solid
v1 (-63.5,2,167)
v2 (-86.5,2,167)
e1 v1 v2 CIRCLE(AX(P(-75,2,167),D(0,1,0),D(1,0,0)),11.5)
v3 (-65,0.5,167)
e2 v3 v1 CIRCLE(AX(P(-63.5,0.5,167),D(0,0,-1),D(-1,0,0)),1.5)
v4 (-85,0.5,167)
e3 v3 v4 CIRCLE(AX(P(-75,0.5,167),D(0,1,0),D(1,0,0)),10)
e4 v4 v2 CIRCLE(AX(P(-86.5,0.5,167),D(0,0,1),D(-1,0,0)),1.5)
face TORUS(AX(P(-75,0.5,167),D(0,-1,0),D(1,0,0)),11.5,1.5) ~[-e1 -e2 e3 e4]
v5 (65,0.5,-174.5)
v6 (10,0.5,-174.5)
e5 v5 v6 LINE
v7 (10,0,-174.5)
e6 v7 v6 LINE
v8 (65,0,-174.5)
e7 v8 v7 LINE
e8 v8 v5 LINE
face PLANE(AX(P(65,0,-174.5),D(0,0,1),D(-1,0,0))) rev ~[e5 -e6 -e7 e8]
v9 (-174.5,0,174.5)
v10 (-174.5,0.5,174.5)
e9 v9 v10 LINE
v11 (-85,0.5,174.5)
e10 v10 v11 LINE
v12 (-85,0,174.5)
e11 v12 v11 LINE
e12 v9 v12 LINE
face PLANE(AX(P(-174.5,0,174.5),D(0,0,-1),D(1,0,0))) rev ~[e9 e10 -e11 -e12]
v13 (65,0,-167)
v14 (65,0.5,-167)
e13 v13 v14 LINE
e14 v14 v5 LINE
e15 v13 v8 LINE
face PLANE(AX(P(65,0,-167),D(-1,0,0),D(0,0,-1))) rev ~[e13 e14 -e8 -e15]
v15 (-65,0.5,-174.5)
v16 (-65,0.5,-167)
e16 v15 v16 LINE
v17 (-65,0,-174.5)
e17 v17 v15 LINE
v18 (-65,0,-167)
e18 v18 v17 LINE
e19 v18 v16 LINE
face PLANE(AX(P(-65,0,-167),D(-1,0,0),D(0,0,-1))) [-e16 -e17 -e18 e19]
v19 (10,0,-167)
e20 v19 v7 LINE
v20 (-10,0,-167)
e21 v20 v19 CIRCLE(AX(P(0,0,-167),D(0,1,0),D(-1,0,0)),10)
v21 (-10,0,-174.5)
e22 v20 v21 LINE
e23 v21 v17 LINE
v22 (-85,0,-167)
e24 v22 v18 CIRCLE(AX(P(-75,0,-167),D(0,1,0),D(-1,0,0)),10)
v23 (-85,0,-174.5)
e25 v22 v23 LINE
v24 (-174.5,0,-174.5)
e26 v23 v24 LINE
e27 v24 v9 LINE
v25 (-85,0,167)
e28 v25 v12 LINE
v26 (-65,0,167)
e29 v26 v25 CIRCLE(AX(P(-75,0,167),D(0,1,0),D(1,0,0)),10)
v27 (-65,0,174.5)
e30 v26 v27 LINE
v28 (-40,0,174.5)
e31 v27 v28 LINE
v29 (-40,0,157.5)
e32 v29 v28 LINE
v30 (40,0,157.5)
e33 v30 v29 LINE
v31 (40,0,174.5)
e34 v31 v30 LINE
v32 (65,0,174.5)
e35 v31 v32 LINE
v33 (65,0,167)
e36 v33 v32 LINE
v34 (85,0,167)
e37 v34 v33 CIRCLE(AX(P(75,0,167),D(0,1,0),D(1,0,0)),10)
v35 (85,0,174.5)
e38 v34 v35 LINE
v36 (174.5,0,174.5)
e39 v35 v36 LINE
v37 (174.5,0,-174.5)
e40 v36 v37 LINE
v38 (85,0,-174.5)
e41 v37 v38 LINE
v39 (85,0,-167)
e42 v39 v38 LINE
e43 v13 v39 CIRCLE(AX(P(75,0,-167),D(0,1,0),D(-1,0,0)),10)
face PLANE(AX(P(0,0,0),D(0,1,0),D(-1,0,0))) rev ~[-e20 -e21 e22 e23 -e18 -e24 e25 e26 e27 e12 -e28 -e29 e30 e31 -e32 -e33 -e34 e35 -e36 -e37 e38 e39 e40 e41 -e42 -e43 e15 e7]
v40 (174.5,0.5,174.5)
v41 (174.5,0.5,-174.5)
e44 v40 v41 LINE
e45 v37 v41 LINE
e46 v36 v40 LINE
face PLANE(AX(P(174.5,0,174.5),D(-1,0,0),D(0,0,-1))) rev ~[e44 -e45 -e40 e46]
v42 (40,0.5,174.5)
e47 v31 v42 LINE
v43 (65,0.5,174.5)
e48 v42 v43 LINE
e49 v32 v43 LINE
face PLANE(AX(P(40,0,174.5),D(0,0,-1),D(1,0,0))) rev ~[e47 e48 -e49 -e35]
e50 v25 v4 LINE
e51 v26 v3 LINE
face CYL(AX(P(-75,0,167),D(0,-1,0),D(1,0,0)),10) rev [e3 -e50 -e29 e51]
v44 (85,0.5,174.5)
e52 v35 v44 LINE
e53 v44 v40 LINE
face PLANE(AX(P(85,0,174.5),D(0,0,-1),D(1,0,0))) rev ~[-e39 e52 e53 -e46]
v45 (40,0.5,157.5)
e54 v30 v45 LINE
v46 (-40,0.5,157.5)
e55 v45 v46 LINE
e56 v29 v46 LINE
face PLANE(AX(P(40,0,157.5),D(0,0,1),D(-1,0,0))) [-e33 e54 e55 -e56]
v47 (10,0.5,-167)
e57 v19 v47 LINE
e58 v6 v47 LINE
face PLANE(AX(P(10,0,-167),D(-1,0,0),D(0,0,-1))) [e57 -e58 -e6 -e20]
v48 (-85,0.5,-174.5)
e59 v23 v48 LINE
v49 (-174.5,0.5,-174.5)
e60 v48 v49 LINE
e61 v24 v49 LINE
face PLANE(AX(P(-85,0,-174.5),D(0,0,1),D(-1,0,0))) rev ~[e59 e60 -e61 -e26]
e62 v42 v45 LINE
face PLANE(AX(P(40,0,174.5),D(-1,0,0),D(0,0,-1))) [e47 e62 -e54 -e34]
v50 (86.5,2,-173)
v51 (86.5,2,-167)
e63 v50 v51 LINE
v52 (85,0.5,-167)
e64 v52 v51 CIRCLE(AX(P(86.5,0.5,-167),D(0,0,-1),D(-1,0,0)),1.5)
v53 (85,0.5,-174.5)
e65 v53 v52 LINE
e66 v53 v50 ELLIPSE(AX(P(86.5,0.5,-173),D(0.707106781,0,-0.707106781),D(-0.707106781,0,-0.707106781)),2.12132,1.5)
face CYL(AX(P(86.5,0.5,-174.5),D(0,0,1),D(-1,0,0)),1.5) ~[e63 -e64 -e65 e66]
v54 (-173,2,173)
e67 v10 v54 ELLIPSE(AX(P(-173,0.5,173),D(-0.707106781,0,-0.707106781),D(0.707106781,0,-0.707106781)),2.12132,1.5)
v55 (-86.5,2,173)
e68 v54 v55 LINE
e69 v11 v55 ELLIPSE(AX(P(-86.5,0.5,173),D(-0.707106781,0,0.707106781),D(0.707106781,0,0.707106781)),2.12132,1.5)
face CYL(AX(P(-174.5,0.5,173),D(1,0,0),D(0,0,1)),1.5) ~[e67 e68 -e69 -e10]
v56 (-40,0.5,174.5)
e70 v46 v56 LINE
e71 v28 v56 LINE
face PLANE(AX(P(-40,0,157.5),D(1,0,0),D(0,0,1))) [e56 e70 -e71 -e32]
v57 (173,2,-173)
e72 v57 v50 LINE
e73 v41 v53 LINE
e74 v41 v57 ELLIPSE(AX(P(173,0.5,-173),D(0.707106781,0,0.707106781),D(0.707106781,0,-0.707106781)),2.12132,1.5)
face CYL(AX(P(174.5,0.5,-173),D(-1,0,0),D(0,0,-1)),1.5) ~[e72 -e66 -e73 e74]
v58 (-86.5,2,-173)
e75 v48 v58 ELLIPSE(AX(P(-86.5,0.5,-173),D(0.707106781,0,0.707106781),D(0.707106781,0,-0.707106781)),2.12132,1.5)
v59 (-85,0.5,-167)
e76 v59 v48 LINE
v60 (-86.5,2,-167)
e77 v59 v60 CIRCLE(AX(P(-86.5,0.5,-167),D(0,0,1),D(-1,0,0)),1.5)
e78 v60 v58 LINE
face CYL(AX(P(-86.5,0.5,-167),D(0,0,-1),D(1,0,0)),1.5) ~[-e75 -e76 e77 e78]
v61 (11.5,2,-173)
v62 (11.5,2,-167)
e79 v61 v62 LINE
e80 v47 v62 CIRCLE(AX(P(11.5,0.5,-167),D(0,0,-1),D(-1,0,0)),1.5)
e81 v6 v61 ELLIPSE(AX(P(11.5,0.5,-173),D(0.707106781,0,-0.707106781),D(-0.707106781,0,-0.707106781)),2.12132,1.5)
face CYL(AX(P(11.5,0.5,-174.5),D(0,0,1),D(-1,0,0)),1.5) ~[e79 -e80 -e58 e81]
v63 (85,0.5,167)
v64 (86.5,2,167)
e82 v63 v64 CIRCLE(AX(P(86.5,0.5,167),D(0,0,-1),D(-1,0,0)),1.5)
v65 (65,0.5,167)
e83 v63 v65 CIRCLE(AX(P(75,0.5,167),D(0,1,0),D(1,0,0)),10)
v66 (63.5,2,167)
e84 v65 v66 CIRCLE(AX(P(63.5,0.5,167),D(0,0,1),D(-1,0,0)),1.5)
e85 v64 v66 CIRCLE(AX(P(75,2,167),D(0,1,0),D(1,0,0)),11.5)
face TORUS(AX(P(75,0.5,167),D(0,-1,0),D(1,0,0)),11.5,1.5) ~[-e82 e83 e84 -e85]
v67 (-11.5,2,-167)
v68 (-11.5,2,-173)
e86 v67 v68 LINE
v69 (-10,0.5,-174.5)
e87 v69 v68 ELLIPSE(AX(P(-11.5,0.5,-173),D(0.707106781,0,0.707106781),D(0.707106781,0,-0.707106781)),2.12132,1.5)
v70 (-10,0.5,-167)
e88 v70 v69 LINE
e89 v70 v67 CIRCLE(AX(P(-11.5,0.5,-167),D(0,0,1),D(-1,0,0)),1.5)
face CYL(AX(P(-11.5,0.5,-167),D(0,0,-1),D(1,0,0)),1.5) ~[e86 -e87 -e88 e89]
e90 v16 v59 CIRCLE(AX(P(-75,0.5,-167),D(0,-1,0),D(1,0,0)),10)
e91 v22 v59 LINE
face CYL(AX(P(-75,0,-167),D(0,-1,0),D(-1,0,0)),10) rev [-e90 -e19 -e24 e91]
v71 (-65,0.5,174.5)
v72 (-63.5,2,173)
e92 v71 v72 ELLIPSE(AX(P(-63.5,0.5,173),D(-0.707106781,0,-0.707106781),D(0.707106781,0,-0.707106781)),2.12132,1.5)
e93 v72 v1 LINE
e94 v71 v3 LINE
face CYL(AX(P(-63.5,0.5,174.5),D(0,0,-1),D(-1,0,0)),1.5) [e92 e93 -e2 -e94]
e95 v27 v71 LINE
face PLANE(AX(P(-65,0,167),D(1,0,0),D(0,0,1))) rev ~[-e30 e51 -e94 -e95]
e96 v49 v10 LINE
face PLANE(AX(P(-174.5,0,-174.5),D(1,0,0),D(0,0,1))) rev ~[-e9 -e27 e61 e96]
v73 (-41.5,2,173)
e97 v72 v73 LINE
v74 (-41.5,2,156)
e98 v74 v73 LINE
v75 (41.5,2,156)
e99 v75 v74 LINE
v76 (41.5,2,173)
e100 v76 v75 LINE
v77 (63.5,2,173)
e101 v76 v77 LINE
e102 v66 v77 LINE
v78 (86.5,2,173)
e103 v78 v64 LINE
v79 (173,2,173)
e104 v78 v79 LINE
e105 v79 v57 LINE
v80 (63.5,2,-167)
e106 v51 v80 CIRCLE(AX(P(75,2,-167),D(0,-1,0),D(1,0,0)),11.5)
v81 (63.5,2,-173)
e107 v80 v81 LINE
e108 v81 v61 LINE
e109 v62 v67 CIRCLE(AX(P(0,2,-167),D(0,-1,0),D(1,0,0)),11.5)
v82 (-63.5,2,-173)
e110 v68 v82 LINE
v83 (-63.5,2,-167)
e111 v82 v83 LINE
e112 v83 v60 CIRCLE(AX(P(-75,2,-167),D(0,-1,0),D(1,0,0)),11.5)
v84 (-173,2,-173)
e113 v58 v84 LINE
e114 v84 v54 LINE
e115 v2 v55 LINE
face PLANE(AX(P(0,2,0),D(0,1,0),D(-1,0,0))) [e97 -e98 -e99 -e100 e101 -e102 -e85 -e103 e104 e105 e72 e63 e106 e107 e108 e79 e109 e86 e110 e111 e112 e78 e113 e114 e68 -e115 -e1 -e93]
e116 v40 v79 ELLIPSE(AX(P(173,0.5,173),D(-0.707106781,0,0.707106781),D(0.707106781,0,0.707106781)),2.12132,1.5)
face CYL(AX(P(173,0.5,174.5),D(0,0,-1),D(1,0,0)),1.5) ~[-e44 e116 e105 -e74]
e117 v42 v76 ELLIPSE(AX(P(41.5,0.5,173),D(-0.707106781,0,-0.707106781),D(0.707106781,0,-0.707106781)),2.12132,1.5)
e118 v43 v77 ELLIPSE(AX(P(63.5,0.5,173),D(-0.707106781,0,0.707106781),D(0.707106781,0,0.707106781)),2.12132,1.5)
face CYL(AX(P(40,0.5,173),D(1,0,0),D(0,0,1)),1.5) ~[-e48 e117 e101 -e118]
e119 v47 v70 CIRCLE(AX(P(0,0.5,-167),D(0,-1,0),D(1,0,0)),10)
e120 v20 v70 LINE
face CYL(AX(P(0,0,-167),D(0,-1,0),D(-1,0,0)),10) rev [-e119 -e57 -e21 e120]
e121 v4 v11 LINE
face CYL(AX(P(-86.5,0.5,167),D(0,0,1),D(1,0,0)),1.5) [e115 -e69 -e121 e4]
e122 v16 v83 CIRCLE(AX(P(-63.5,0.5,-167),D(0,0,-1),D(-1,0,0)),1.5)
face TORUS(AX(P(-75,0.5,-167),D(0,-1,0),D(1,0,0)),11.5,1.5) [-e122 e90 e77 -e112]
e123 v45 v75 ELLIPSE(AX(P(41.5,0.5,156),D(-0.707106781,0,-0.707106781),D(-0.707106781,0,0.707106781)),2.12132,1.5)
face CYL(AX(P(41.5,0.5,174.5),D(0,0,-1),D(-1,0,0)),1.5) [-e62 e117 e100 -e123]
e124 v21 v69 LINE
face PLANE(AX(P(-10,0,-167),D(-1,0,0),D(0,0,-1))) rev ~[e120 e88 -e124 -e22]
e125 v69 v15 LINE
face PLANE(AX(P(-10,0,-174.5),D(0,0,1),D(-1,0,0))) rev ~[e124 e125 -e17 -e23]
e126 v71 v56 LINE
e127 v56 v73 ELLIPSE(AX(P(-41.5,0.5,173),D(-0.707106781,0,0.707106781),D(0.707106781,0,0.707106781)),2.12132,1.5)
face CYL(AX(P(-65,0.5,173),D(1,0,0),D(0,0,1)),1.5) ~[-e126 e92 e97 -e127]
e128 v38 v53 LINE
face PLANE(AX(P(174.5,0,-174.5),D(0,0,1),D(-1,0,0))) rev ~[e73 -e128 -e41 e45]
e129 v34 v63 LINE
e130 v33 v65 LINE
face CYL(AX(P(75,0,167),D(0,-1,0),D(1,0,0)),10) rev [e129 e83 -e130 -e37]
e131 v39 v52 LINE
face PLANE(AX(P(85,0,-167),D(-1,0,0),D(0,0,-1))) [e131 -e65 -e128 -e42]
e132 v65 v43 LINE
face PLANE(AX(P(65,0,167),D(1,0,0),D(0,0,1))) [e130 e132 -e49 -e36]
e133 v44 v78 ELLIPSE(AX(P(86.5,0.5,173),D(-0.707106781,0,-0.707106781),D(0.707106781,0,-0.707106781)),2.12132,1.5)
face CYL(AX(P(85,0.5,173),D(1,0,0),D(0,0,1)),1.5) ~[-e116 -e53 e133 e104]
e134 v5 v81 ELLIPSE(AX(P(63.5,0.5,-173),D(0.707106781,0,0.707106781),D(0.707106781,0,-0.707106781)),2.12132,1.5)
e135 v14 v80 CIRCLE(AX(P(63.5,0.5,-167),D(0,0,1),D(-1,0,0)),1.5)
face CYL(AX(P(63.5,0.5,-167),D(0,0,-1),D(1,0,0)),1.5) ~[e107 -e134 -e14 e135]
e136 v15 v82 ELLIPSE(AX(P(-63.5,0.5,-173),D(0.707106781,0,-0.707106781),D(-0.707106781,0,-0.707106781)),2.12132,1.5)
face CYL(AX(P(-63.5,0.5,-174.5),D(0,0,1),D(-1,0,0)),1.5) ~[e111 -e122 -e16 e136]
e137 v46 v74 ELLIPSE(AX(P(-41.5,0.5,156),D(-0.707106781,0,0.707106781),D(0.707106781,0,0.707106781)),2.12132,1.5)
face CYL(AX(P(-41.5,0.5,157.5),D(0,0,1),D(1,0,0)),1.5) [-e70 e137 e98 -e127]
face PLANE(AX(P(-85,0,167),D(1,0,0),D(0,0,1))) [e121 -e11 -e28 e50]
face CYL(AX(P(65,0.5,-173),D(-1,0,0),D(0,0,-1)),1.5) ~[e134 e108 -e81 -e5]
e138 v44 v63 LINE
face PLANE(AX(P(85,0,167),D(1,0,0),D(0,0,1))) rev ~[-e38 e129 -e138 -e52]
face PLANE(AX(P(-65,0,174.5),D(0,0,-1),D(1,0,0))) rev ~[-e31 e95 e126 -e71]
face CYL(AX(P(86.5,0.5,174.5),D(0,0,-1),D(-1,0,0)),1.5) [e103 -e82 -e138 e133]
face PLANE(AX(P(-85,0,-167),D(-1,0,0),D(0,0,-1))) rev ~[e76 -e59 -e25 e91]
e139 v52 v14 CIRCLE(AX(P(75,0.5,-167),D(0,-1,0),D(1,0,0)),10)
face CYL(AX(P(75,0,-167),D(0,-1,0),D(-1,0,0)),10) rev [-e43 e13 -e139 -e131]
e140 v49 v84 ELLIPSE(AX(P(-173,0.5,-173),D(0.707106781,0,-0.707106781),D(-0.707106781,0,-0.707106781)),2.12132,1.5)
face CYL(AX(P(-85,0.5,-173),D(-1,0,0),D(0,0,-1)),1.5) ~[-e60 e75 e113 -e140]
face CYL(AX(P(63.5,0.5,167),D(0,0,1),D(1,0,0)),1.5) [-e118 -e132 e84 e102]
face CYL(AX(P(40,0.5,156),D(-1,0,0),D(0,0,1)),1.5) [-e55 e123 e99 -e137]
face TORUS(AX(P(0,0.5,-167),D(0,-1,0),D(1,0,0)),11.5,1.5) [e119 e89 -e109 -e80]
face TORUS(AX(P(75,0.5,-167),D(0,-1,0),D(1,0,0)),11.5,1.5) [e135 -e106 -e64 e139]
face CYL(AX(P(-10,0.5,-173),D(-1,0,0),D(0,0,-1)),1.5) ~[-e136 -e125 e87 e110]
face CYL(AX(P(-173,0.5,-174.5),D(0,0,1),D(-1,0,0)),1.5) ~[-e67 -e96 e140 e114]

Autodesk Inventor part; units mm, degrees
ref_plane "YZ Plane" through (0, 0, 0) normal (1, 0, 0) x (0, 1, 0)
ref_plane "XZ Plane" through (0, 0, 0) normal (0, 1, 0) x (-1, 0, 0)
ref_plane "XY Plane" through (0, 0, 0) normal (0, 0, 1) x (1, 0, 0)
sketch "Skizze1" plane through (0, 0, 0) normal (0, 1, 0) x (-1, 0, 0)
  line L0 (174.5, 174.5) -> (-174.5, 174.5)
  line L1 (-174.5, 174.5) -> (-174.5, -174.5)
  line L2 (-174.5, -174.5) -> (174.5, -174.5)
  line L3 (174.5, -174.5) -> (174.5, 174.5)
  line L4 (174.5, 174.5) -> (-174.5, -174.5) construction
  line L5 (-174.5, 174.5) -> (174.5, -174.5) construction
  line L6 (244.3, 0) -> (-244.3, 0) construction
  line L7 (0, -244.3) -> (0, 244.3) construction
  arc A0 (10, -167) -> (-10, -167) centre (0, -167) ccw
  arc A1 (85, -167) -> (65, -167) centre (75, -167) ccw
  arc A2 (-65, -167) -> (-85, -167) centre (-75, -167) ccw
  line L8 (85, -167) -> (85, -174.5)
  line L9 (65, -167) -> (65, -174.5)
  line L10 (10, -167) -> (10, -174.5)
  line L11 (-10, -167) -> (-10, -174.5)
  line L12 (-65, -167) -> (-65, -174.5)
  line L13 (-85, -167) -> (-85, -174.5)
  line L14 (-65, -174.5) -> (-85, -174.5)
  line L15 (10, -174.5) -> (-10, -174.5)
  line L16 (85, -174.5) -> (65, -174.5)
  line L17 (40, 174.5) -> (-40, 174.5)
  line L18 (-40, 174.5) -> (-40, 157.5)
  line L19 (-40, 157.5) -> (40, 157.5)
  line L20 (40, 157.5) -> (40, 174.5)
  arc A3 (65, 167) -> (85, 167) centre (75, 167) ccw
  arc A4 (-85, 167) -> (-65, 167) centre (-75, 167) ccw
  line L21 (85, 167) -> (85, 174.5)
  line L22 (65, 167) -> (65, 174.5)
  line L23 (-65, 167) -> (-65, 174.5)
  line L24 (-85, 167) -> (-85, 174.5)
  line L25 (-65, 174.5) -> (-85, 174.5)
  line L26 (85, 174.5) -> (65, 174.5)
  point P0 (0, 0)
  dimension "d0" = 349
  dimension "d1" = 349
  dimension "d2" = 20
  dimension "d3" = 17.5
  dimension "d4" = 150
  dimension "d5" = 17
  dimension "d6" = 80
extrude "Extrusion1" add sketch "Skizze1" along normal blind 2 contours L3 L2 L8 A1 L9 L10 A0 L11 L12 A2 L13 L1 L0 L24 A4 L23 L18 L19 L20 L22 A3 L21
fillet "Rundung1" radius 1.5 28 edges at (-129.75, 2, 174.5) (-75, 2, 157) (-65, 2, 170.75) (-85, 2, 170.75) (-52.5, 2, 174.5) (-40, 2, 166) (0, 2, 157.5) (40, 2, 166) (52.5, 2, 174.5) (75, 2, 157) (85, 2, 170.75) (65, 2, 170.75) (129.75, 2, 174.5) (174.5, 2, 0) (129.75, 2, -174.5) (65, 2, -170.75) (85, 2, -170.75) (75, 2, -157) (37.5, 2, -174.5) (-10, 2, -170.75) (10, 2, -170.75) (0, 2, -157) (-37.5, 2, -174.5) (-85, 2, -170.75) (-65, 2, -170.75) (-75, 2, -157) (-129.75, 2, -174.5) (-174.5, 2, 0)
properties part number "Silicon-Heater (350mm)" material "Gummi, Silikon"
